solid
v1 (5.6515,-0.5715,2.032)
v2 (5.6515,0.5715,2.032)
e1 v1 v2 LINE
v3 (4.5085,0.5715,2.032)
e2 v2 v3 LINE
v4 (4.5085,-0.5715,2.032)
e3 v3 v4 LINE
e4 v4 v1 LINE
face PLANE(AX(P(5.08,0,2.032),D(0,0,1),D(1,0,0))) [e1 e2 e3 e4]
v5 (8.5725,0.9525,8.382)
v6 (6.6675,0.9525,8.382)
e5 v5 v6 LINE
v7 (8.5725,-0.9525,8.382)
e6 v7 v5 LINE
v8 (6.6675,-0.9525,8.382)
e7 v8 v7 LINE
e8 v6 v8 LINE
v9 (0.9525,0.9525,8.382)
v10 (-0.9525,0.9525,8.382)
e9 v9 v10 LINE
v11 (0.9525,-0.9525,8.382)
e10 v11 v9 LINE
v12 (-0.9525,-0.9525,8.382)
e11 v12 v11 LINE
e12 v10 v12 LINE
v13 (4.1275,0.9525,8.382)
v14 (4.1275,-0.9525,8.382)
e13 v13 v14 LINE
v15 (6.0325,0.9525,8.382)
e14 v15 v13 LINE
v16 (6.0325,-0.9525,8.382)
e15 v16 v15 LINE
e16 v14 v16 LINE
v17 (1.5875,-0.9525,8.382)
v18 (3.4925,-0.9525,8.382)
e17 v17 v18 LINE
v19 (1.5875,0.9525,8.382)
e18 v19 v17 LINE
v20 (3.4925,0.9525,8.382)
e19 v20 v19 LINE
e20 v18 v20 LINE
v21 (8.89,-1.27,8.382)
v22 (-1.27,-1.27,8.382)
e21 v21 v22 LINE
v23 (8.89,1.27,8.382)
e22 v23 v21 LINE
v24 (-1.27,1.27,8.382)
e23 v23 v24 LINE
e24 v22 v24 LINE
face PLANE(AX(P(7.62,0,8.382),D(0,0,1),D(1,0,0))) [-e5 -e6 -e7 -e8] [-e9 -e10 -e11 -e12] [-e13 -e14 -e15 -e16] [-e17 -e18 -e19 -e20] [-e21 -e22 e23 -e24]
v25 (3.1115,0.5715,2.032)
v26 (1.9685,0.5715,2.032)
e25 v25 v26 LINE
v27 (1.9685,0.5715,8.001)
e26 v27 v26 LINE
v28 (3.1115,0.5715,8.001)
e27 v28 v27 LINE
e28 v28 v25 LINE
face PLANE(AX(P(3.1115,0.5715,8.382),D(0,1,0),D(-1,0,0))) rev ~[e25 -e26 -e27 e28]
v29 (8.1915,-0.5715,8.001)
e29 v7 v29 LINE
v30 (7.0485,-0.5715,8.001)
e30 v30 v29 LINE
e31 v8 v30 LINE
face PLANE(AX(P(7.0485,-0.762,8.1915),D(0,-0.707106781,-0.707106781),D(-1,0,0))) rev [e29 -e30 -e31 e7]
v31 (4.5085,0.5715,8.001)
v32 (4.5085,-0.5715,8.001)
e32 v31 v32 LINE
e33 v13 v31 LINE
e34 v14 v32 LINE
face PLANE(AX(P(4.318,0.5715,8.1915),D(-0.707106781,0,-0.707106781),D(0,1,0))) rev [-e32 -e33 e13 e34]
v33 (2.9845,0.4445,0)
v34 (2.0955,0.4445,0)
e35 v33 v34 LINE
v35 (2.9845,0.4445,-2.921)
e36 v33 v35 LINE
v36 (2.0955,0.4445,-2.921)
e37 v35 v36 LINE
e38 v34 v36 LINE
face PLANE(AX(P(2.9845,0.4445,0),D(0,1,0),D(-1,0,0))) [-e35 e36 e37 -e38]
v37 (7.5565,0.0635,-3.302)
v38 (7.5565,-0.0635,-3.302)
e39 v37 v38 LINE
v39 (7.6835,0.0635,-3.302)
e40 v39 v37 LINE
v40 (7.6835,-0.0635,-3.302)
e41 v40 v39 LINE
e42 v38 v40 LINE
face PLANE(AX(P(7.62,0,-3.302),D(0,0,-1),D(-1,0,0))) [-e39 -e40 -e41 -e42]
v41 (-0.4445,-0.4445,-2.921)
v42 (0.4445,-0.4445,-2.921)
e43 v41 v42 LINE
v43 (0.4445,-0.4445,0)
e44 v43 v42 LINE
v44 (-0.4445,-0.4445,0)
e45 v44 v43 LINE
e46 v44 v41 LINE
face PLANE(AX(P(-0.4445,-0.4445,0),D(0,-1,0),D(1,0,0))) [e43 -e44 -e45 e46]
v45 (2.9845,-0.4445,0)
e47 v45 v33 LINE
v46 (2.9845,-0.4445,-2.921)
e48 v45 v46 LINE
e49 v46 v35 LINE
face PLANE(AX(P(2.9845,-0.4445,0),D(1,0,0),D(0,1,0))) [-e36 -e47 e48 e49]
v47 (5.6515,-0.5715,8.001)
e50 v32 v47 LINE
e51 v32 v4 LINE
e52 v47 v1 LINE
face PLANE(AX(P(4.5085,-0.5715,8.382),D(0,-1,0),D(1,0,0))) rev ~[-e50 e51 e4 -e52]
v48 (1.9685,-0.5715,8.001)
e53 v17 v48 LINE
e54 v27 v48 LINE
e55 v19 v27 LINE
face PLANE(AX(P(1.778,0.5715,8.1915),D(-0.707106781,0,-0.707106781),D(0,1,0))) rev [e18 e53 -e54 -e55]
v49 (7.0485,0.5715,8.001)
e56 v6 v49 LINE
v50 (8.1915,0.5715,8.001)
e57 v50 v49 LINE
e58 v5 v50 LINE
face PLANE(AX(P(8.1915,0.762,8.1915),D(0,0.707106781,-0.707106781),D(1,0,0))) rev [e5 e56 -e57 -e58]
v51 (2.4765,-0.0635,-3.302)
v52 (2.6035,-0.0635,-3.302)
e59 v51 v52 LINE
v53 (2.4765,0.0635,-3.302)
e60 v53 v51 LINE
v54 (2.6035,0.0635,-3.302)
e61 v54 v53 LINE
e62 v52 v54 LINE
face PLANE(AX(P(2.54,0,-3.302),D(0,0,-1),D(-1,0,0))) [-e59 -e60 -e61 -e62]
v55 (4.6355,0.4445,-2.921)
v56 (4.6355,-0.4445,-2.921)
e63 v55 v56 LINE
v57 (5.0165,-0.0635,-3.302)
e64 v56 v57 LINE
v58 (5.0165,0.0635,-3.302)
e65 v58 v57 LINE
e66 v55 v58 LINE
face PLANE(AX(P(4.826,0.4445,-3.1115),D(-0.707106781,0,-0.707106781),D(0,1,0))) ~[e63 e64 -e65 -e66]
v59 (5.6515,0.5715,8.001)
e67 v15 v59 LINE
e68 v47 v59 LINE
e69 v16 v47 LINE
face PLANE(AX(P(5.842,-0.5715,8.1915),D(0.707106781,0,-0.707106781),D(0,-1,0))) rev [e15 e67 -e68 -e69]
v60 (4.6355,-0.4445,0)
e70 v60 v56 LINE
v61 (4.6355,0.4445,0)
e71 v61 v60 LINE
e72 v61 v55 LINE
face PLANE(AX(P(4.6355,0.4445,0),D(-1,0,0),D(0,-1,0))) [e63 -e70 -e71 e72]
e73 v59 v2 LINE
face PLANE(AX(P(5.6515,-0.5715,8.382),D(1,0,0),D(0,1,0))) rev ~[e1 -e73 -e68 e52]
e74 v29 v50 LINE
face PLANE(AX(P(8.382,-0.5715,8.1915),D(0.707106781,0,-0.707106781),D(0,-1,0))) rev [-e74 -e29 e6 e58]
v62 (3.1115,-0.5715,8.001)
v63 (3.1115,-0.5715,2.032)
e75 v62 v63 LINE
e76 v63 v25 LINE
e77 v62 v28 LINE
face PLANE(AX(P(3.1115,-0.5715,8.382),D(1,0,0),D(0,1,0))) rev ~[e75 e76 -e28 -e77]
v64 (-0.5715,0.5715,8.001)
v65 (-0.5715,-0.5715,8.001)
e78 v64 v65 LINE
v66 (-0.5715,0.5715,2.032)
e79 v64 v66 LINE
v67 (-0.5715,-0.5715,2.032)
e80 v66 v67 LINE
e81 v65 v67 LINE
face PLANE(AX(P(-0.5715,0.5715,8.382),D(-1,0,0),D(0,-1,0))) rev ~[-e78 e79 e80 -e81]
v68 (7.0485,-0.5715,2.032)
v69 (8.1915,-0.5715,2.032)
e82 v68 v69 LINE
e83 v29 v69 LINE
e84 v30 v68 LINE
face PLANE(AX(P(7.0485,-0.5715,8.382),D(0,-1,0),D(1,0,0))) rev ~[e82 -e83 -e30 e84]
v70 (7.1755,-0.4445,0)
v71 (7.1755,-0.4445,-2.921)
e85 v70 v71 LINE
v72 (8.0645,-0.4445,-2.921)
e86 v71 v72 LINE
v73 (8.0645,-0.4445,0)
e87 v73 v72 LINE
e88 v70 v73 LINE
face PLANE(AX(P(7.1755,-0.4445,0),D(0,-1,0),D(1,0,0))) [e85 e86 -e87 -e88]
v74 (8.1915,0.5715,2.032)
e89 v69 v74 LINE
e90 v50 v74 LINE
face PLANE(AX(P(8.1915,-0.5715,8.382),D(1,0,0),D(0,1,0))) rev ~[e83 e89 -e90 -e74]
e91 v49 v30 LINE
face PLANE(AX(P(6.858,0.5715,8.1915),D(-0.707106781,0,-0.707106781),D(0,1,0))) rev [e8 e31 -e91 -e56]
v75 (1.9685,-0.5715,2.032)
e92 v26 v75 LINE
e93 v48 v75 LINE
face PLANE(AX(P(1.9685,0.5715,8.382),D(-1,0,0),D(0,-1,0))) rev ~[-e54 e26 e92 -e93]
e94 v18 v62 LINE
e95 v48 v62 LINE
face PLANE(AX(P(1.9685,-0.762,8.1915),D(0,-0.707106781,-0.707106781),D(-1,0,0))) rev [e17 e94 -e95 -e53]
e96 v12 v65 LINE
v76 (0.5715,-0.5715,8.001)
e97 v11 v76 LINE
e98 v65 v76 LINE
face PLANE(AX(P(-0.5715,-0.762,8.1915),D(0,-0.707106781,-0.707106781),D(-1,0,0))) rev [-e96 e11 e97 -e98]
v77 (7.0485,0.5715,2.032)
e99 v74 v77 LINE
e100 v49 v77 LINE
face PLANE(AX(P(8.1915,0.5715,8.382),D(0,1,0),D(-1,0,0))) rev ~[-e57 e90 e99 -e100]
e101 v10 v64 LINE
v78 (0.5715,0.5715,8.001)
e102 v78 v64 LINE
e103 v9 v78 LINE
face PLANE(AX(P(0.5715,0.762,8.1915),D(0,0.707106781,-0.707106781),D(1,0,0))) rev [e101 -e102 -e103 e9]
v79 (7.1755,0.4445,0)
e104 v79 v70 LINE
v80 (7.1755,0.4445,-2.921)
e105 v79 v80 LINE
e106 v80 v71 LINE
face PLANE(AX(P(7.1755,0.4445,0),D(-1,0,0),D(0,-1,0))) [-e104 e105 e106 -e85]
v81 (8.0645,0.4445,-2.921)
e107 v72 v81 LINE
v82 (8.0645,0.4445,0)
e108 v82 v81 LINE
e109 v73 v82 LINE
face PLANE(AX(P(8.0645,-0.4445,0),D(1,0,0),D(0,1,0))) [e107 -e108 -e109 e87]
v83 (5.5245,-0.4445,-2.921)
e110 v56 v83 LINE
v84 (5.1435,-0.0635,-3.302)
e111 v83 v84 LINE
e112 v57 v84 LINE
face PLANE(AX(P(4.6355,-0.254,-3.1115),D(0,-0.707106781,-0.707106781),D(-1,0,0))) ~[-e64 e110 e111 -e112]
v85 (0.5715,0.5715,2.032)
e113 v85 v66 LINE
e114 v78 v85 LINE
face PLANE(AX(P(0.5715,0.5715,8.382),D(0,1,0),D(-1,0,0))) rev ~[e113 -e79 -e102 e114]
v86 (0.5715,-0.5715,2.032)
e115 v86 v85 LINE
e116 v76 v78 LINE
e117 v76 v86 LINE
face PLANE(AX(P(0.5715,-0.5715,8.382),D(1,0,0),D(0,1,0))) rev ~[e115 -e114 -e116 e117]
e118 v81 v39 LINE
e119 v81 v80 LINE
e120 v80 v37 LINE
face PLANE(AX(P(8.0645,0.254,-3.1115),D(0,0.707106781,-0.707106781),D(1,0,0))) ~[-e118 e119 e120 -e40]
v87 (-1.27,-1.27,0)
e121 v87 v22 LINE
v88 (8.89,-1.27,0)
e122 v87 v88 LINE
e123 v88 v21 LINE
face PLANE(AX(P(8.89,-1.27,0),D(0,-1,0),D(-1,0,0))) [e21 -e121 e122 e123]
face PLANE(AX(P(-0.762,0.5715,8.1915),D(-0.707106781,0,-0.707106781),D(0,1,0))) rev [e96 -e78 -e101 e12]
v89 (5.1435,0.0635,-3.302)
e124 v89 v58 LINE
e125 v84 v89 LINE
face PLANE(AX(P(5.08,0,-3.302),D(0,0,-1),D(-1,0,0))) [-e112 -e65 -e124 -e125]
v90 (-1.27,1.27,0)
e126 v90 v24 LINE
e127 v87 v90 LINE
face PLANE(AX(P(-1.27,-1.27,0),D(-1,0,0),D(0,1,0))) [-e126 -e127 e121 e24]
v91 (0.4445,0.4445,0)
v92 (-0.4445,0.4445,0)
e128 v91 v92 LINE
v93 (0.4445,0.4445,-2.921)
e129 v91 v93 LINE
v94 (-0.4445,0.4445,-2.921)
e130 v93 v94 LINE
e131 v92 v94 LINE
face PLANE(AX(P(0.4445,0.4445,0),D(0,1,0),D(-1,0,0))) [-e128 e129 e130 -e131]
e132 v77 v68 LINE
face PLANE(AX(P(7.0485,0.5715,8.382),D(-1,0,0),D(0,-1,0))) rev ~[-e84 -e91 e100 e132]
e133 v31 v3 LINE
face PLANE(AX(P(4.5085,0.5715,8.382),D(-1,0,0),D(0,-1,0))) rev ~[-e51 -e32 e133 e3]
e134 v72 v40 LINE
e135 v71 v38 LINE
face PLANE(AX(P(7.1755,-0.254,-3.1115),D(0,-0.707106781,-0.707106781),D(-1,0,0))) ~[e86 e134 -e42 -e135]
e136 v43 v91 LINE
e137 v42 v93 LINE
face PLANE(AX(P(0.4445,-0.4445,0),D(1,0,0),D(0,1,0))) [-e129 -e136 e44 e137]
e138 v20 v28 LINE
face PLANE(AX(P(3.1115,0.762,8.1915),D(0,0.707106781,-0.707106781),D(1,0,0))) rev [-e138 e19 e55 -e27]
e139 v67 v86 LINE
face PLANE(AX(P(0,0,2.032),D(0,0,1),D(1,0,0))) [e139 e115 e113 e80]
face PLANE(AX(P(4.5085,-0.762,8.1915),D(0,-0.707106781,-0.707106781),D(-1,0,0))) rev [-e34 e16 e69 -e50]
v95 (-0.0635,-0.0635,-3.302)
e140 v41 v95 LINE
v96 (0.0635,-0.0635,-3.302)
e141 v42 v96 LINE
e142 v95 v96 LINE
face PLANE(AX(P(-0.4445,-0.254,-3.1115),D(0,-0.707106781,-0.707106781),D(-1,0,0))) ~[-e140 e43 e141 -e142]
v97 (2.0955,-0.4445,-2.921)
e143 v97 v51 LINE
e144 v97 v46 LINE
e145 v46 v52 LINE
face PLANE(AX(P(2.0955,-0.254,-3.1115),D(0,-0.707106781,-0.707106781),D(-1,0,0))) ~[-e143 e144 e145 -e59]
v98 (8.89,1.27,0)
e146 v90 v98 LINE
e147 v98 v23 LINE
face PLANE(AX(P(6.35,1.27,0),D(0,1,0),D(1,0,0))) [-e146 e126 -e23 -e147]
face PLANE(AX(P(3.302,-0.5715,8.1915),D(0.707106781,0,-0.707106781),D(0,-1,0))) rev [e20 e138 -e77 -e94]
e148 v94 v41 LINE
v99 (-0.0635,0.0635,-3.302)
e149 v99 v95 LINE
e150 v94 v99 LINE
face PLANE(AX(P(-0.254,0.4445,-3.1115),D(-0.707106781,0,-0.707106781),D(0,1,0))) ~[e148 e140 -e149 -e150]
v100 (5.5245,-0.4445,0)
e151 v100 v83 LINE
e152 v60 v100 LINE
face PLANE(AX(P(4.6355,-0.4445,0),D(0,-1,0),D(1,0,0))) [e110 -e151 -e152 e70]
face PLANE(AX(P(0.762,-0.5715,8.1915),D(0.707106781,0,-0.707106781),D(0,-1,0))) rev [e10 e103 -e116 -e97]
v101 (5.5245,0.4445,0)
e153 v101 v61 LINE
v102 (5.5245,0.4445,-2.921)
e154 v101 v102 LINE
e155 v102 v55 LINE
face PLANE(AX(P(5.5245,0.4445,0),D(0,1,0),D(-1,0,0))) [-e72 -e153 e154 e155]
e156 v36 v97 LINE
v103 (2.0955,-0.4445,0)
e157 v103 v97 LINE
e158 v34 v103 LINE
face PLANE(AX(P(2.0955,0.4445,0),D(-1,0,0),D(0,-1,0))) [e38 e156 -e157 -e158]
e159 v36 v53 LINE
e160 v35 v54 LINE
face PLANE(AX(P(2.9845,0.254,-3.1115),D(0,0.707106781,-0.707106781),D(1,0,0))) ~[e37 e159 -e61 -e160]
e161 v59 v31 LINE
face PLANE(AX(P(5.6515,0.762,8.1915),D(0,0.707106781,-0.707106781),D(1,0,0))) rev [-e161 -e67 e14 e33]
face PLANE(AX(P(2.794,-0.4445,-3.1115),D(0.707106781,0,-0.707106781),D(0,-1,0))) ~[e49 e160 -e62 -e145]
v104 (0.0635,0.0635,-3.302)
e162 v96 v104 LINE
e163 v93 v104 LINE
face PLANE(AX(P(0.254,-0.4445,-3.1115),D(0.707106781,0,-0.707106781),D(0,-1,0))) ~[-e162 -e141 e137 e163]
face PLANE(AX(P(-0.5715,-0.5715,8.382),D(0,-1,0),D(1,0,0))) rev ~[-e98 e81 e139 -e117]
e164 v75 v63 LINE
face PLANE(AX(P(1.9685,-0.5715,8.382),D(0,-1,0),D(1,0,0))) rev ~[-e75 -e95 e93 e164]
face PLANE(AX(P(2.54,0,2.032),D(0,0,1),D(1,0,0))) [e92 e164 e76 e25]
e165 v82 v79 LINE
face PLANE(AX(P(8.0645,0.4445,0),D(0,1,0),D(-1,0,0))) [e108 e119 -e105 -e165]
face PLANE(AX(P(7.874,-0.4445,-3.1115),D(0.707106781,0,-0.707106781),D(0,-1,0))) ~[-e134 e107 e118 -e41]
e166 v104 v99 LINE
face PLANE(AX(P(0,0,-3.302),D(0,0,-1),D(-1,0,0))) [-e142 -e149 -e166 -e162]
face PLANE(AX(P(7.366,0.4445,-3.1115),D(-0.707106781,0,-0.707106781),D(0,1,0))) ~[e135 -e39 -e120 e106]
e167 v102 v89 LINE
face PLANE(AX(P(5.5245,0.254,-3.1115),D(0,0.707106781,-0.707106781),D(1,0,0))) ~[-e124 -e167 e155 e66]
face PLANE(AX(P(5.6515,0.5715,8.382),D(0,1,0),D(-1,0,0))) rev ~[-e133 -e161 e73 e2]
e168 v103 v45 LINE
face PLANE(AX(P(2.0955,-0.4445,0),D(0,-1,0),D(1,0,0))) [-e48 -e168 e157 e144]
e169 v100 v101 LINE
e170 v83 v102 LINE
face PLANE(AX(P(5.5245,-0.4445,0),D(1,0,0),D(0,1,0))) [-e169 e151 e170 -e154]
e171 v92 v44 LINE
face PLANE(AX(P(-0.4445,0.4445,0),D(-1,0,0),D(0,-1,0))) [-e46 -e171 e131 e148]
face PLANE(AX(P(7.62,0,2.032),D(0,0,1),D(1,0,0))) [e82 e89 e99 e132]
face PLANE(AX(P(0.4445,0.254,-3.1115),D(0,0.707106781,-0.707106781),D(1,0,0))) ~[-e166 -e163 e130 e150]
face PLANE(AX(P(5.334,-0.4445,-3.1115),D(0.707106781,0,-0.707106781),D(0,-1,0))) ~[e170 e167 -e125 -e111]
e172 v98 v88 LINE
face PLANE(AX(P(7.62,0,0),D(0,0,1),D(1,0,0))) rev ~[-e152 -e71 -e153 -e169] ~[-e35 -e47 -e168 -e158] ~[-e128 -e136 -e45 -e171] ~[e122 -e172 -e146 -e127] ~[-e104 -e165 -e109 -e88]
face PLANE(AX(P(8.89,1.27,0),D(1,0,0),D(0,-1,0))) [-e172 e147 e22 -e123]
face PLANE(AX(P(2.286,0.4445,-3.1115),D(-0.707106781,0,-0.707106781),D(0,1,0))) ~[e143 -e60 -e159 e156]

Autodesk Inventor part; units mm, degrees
ref_plane "YZ Plane" through (0, 0, 0) normal (1, 0, 0) x (0, 1, 0)
ref_plane "XZ Plane" through (0, 0, 0) normal (0, 1, 0) x (-1, 0, 0)
ref_plane "XY Plane" through (0, 0, 0) normal (0, 0, 1) x (1, 0, 0)
sketch "Sketch1" plane through (0, 0, 0) normal (0, 0, 1) x (1, 0, 0)
  line L0 (1.27, -1.27) -> (-1.27, -1.27)
  line L1 (-1.27, -1.27) -> (-1.27, 1.27)
  line L2 (-1.27, 1.27) -> (1.27, 1.27)
  line L3 (1.27, 1.27) -> (1.27, -1.27)
  line L4 (1.27, -1.27) -> (-1.27, 1.27) construction
  line L5 (-1.27, -1.27) -> (1.27, 1.27) construction
  point P0 (0, 0)
  dimension "d0" = 2.54
  dimension "d1" = 2.54
extrude "Extrusion1" add sketch "Sketch1" along normal blind 8.382
sketch "Sketch2" plane through (0, 0, 8.382) normal (0, 0, 1) x (1, 0, 0)
  line L0 (0.5715, 0.5715) -> (-0.5715, 0.5715)
  line L1 (-0.5715, 0.5715) -> (-0.5715, -0.5715)
  line L2 (-0.5715, -0.5715) -> (0.5715, -0.5715)
  line L3 (0.5715, -0.5715) -> (0.5715, 0.5715)
  line L4 (0.5715, 0.5715) -> (-0.5715, -0.5715) construction
  line L5 (-0.5715, 0.5715) -> (0.5715, -0.5715) construction
  point P0 (0, 0)
  dimension "d4" = 1.143
extrude "Extrusion2" cut sketch "Sketch2" against normal blind 6.35
chamfer "Chamfer1" distance 0.381 angle 45 4 edges at (0, 0.5715, 8.382) (-0.5715, 0, 8.382) (0, -0.5715, 8.382) (0.5715, 0, 8.382)
sketch "Sketch3" plane through (0, 0, 0) normal (0, 0, -1) x (-1, 0, 0)
  line L0 (0.4445, -0.4445) -> (-0.4445, -0.4445)
  line L1 (-0.4445, -0.4445) -> (-0.4445, 0.4445)
  line L2 (-0.4445, 0.4445) -> (0.4445, 0.4445)
  line L3 (0.4445, 0.4445) -> (0.4445, -0.4445)
  line L4 (0.4445, -0.4445) -> (-0.4445, 0.4445) construction
  line L5 (-0.4445, -0.4445) -> (0.4445, 0.4445) construction
  point P0 (0, 0)
  dimension "d10" = 0.889
extrude "Extrusion3" add sketch "Sketch3" along normal blind 3.302
chamfer "Chamfer2" distance 0.381 angle 45 4 edges at (0, 0.4445, -3.302) (-0.4445, 0, -3.302) (0, -0.4445, -3.302) (0.4445, 0, -3.302)
pattern_linear "Rectangular Pattern1" count 4 spacing 2.54 along (1, 0, 0) of "Extrusion1", "Extrusion2", "Chamfer1", "Extrusion3", "Chamfer2"
equation "\"d1\" = d0"
properties part number "4  female pin"
